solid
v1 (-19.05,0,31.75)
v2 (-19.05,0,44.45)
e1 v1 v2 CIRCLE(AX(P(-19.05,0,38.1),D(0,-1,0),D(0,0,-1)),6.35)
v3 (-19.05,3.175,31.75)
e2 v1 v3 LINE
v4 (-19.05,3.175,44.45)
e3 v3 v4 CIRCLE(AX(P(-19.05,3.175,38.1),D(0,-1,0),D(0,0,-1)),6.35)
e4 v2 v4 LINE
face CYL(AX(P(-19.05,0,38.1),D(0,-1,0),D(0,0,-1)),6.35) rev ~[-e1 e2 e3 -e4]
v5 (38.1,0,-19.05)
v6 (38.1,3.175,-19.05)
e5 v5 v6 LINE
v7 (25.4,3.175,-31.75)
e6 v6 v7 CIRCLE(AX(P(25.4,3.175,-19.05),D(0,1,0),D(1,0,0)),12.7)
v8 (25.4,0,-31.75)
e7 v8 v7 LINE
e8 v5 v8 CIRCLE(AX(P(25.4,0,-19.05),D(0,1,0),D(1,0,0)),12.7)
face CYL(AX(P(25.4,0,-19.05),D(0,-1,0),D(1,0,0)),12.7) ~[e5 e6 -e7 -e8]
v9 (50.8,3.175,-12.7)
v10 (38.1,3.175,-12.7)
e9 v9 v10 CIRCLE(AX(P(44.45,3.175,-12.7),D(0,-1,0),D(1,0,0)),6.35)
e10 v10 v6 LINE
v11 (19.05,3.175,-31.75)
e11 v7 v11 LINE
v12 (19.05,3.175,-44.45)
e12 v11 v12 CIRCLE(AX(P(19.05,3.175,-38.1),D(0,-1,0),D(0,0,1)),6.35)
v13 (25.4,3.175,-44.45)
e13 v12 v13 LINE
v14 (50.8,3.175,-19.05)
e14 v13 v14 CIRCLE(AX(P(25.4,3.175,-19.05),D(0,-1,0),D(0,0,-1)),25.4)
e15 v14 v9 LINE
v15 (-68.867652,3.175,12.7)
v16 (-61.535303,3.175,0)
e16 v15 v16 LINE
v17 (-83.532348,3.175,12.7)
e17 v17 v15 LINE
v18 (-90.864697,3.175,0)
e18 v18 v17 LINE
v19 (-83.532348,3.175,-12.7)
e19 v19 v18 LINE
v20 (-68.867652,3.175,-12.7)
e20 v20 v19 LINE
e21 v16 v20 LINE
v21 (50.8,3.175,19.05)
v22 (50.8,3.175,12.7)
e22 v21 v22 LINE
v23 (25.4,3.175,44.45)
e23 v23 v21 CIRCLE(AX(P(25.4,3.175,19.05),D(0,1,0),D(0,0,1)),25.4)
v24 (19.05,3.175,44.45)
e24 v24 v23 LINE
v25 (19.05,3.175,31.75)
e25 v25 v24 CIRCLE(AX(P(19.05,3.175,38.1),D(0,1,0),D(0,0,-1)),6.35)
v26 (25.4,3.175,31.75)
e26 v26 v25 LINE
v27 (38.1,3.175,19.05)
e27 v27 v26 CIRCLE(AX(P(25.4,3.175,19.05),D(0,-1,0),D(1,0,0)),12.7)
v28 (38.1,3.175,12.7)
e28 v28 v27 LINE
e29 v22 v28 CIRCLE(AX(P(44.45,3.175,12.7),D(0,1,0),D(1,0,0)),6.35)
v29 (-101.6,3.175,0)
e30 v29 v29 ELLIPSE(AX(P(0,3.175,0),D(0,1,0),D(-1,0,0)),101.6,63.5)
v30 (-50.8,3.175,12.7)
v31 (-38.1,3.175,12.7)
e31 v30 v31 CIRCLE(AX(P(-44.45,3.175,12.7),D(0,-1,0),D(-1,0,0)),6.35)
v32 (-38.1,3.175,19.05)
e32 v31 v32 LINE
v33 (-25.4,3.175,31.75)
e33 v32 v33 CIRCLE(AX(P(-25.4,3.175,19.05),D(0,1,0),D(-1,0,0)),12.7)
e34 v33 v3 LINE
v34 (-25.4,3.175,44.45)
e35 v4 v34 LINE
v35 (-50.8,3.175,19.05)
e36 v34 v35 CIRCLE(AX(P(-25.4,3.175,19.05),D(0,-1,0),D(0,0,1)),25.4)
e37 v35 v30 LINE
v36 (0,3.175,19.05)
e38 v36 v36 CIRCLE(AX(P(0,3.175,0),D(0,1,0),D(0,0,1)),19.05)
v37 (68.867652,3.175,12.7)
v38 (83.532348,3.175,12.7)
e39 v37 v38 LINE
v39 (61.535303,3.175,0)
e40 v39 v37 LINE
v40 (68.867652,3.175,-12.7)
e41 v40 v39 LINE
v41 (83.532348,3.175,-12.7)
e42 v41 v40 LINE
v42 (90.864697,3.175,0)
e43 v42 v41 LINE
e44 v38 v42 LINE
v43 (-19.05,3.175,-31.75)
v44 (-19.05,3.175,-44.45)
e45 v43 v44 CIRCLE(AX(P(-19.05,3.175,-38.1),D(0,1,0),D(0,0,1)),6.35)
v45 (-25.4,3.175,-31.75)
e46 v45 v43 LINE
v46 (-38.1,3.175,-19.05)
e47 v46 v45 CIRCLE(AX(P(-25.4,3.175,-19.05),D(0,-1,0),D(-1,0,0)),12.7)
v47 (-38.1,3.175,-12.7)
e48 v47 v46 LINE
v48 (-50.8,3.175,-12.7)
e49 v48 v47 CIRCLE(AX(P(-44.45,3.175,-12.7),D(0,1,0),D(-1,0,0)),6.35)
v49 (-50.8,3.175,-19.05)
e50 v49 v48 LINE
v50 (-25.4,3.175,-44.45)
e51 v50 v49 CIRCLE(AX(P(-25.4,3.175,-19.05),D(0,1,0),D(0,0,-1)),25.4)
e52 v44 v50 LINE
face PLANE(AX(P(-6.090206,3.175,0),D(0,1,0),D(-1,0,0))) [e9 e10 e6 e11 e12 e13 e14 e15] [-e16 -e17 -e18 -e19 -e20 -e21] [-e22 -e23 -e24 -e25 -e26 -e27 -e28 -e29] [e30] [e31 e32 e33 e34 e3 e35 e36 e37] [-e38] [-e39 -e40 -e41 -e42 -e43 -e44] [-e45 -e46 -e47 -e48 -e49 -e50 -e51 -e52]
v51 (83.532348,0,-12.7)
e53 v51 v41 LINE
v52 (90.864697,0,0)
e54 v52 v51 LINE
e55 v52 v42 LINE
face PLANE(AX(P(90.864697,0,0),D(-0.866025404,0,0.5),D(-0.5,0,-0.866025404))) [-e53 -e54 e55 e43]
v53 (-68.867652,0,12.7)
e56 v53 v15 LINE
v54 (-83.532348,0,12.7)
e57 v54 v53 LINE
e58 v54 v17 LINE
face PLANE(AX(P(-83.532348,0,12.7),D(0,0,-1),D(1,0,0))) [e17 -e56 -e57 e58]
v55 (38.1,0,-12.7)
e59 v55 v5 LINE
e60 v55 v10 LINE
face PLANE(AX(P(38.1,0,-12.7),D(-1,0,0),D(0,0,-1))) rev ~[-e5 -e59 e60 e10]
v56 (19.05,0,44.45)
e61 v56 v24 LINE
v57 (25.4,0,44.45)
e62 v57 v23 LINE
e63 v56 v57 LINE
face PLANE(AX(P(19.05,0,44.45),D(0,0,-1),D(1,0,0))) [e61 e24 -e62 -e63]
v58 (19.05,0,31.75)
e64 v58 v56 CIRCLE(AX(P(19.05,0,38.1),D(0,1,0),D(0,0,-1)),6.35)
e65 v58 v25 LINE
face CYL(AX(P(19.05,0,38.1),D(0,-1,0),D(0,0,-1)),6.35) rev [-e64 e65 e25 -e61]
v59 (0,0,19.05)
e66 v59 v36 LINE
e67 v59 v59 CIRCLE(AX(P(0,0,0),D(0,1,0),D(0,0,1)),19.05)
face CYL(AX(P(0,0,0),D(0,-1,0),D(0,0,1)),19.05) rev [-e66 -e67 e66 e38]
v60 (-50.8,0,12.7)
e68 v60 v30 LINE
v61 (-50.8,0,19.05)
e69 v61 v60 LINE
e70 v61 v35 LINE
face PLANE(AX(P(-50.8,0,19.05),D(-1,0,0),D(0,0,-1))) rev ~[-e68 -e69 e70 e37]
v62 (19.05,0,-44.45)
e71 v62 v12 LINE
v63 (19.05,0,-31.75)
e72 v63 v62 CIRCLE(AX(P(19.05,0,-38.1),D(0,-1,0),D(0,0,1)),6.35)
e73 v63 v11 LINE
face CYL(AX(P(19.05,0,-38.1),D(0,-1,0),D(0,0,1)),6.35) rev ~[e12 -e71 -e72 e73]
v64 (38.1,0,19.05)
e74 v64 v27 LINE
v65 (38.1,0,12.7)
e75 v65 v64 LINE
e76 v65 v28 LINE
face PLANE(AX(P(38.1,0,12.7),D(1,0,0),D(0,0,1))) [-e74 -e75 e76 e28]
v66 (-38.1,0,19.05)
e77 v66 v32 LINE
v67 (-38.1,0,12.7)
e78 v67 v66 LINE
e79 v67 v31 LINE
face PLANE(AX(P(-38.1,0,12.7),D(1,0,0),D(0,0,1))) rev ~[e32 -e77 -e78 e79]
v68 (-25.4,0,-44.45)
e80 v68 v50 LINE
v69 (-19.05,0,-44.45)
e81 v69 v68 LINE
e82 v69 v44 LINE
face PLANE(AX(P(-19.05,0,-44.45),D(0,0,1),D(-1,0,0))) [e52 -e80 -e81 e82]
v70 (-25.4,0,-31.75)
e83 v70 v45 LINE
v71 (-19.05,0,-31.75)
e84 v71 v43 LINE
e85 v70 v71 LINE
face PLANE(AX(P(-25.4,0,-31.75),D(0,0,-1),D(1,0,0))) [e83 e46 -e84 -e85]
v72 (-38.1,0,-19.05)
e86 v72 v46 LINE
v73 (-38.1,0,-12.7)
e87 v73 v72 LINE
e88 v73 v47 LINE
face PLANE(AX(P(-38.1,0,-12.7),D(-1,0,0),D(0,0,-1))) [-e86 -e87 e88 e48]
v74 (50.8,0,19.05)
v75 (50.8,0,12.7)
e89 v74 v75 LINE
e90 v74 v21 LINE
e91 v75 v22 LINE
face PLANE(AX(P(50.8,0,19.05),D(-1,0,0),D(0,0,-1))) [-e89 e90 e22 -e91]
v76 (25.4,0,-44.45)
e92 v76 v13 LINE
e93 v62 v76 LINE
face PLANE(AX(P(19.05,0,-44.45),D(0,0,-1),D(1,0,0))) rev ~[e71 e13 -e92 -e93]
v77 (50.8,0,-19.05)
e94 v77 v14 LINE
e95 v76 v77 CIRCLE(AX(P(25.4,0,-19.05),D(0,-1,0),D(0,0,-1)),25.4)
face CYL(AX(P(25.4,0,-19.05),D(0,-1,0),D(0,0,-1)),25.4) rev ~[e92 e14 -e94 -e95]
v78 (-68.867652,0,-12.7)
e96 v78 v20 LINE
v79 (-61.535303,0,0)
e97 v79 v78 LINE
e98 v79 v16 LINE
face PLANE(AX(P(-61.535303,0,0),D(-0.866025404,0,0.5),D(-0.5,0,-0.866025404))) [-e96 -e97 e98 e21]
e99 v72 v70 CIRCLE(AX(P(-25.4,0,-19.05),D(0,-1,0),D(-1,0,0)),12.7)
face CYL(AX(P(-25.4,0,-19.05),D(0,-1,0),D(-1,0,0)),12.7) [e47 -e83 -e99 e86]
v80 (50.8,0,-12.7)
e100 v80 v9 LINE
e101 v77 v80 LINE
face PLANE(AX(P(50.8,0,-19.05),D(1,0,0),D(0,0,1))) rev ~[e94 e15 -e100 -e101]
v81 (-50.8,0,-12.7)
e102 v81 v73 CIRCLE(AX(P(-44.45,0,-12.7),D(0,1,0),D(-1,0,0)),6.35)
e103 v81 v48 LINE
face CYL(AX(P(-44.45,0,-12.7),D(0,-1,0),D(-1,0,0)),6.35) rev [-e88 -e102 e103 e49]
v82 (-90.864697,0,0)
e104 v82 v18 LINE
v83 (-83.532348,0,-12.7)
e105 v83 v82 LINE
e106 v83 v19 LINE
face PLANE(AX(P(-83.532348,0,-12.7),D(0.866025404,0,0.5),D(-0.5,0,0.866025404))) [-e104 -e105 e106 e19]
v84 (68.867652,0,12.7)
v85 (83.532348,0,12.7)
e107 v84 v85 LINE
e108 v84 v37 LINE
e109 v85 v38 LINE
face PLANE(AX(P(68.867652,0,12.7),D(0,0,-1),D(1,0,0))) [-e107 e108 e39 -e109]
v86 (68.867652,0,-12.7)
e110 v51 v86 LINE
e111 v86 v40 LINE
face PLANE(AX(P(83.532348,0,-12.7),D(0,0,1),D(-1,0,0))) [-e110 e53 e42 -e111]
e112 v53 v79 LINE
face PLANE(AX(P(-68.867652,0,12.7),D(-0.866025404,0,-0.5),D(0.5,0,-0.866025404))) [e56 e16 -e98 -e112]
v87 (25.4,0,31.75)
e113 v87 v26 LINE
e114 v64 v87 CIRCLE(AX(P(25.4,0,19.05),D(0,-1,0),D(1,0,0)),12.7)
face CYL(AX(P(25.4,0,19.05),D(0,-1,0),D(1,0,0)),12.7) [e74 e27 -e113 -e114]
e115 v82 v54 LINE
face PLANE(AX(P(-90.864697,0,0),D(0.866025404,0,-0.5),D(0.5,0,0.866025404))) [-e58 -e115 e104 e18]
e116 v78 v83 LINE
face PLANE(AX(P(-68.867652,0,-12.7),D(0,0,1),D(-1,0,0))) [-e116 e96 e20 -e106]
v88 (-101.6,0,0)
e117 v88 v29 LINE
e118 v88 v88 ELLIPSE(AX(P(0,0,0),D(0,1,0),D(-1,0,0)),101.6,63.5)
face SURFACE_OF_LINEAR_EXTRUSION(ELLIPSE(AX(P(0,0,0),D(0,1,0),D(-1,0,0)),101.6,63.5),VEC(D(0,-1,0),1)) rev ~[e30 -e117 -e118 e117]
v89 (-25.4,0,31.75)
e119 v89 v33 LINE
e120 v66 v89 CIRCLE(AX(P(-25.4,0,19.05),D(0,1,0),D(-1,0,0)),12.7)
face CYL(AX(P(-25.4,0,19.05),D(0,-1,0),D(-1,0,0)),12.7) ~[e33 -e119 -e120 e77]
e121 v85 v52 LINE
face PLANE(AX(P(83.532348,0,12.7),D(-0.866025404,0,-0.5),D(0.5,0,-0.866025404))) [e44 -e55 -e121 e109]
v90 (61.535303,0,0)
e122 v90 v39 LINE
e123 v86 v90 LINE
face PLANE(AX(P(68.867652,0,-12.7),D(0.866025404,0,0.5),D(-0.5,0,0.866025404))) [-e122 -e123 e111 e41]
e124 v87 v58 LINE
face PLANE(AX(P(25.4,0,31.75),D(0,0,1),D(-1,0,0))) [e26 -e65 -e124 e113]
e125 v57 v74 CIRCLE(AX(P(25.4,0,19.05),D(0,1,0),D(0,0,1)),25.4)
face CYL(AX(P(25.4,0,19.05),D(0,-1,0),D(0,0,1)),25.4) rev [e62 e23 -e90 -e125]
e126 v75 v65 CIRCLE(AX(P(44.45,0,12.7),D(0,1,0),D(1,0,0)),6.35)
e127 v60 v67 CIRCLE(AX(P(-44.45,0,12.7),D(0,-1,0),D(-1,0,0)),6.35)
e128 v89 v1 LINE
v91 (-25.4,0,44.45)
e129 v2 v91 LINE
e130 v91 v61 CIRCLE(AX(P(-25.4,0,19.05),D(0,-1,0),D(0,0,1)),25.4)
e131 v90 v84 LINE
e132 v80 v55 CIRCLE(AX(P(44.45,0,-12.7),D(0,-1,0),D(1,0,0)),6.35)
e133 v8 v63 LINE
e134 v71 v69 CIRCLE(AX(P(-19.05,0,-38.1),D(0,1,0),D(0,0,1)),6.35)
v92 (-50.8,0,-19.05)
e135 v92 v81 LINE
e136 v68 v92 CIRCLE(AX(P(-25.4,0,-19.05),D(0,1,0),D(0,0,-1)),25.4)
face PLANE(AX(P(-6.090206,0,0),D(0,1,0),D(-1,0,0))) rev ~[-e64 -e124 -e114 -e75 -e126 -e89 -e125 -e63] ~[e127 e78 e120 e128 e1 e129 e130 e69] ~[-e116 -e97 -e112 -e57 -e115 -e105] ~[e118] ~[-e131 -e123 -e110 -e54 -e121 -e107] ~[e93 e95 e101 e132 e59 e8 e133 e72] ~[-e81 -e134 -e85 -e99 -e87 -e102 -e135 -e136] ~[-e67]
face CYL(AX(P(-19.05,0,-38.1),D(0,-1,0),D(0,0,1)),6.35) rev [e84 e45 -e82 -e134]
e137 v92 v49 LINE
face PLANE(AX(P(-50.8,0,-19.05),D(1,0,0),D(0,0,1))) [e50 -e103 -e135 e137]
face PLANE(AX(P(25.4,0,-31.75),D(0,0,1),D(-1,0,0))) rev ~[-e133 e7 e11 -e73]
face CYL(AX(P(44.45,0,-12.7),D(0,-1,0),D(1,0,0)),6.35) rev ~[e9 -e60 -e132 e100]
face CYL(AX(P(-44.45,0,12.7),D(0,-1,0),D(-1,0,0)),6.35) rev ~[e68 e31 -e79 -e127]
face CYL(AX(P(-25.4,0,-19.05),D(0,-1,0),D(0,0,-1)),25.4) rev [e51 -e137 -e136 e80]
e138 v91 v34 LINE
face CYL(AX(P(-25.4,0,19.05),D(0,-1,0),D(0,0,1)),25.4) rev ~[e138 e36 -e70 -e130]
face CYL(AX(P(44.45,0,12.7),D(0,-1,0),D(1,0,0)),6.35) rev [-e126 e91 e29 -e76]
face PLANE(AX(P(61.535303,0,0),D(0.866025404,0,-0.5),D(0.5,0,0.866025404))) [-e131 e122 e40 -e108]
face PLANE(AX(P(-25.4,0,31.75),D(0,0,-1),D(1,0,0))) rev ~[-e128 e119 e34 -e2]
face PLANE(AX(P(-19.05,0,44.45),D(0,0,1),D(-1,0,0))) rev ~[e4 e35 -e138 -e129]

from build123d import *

# Parameters (mm, degrees)
SKETCH1_RX          = 101.6
SKETCH1_RY          = 63.5
SKETCH1_R           = 19.05
BOSS_EXTRUDE1_DEPTH = 3.175


with BuildPart() as part:
    # Sketch1 → Boss-Extrude1 (new body)
    with BuildSketch(Plane(origin=(0, 0, 0), x_dir=(1, 0, 0), z_dir=(0, 1, 0))):
        with Locations(Location((0, 0), (0, 0, 180))):
            Ellipse(SKETCH1_RX, SKETCH1_RY)
        with Locations(Location((0, 0, 0), (0, 0, 270))):
            Circle(SKETCH1_R, mode=Mode.SUBTRACT)
        Polygon((-61.535303163, 0), (-68.867651581, 12.7), (-83.532348419, 12.7), (-90.864696837, 0), (-83.532348419, -12.7), (-68.867651581, -12.7), align=None, mode=Mode.SUBTRACT)
        Polygon((90.864696837, 0), (83.532348419, 12.7), (68.867651581, 12.7), (61.535303163, 0), (68.867651581, -12.7), (83.532348419, -12.7), align=None, mode=Mode.SUBTRACT)
        with BuildLine():
            Line((50.8, -19.05), (50.8, -12.7))
            ThreePointArc((50.8, -12.7), (44.45, -6.35), (38.1, -12.7))
            Line((38.1, -12.7), (38.1, -19.05))
            ThreePointArc((38.1, -19.05), (34.380256121, -28.030256121), (25.4, -31.75))
            Line((25.4, -31.75), (19.05, -31.75))
            ThreePointArc((19.05, -31.75), (12.7, -38.1), (19.05, -44.45))
            Line((19.05, -44.45), (25.4, -44.45))
            ThreePointArc((25.4, -44.45), (43.360512242, -37.010512242), (50.8, -19.05))
        make_face(mode=Mode.SUBTRACT)
        with BuildLine():
            Line((-25.4, -31.75), (-19.05, -31.75))
            ThreePointArc((-19.05, -31.75), (-12.7, -38.1), (-19.05, -44.45))
            Line((-19.05, -44.45), (-25.4, -44.45))
            ThreePointArc((-25.4, -44.45), (-43.360512242, -37.010512242), (-50.8, -19.05))
            Line((-50.8, -19.05), (-50.8, -12.7))
            ThreePointArc((-50.8, -12.7), (-44.45, -6.35), (-38.1, -12.7))
            Line((-38.1, -12.7), (-38.1, -19.05))
            ThreePointArc((-38.1, -19.05), (-34.380256121, -28.030256121), (-25.4, -31.75))
        make_face(mode=Mode.SUBTRACT)
        with BuildLine():
            Line((25.4, 31.75), (19.05, 31.75))
            ThreePointArc((19.05, 31.75), (12.7, 38.1), (19.05, 44.45))
            Line((19.05, 44.45), (25.4, 44.45))
            ThreePointArc((25.4, 44.45), (43.360512242, 37.010512242), (50.8, 19.05))
            Line((50.8, 19.05), (50.8, 12.7))
            ThreePointArc((50.8, 12.7), (44.45, 6.35), (38.1, 12.7))
            Line((38.1, 12.7), (38.1, 19.05))
            ThreePointArc((38.1, 19.05), (34.380256121, 28.030256121), (25.4, 31.75))
        make_face(mode=Mode.SUBTRACT)
        with BuildLine():
            Line((-25.4, 31.75), (-19.05, 31.75))
            ThreePointArc((-19.05, 31.75), (-12.7, 38.1), (-19.05, 44.45))
            Line((-19.05, 44.45), (-25.4, 44.45))
            ThreePointArc((-25.4, 44.45), (-43.360512242, 37.010512242), (-50.8, 19.05))
            Line((-50.8, 19.05), (-50.8, 12.7))
            ThreePointArc((-50.8, 12.7), (-44.45, 6.35), (-38.1, 12.7))
            Line((-38.1, 12.7), (-38.1, 19.05))
            ThreePointArc((-38.1, 19.05), (-34.380256121, 28.030256121), (-25.4, 31.75))
        make_face(mode=Mode.SUBTRACT)
    extrude(amount=BOSS_EXTRUDE1_DEPTH)


solid = part.part
